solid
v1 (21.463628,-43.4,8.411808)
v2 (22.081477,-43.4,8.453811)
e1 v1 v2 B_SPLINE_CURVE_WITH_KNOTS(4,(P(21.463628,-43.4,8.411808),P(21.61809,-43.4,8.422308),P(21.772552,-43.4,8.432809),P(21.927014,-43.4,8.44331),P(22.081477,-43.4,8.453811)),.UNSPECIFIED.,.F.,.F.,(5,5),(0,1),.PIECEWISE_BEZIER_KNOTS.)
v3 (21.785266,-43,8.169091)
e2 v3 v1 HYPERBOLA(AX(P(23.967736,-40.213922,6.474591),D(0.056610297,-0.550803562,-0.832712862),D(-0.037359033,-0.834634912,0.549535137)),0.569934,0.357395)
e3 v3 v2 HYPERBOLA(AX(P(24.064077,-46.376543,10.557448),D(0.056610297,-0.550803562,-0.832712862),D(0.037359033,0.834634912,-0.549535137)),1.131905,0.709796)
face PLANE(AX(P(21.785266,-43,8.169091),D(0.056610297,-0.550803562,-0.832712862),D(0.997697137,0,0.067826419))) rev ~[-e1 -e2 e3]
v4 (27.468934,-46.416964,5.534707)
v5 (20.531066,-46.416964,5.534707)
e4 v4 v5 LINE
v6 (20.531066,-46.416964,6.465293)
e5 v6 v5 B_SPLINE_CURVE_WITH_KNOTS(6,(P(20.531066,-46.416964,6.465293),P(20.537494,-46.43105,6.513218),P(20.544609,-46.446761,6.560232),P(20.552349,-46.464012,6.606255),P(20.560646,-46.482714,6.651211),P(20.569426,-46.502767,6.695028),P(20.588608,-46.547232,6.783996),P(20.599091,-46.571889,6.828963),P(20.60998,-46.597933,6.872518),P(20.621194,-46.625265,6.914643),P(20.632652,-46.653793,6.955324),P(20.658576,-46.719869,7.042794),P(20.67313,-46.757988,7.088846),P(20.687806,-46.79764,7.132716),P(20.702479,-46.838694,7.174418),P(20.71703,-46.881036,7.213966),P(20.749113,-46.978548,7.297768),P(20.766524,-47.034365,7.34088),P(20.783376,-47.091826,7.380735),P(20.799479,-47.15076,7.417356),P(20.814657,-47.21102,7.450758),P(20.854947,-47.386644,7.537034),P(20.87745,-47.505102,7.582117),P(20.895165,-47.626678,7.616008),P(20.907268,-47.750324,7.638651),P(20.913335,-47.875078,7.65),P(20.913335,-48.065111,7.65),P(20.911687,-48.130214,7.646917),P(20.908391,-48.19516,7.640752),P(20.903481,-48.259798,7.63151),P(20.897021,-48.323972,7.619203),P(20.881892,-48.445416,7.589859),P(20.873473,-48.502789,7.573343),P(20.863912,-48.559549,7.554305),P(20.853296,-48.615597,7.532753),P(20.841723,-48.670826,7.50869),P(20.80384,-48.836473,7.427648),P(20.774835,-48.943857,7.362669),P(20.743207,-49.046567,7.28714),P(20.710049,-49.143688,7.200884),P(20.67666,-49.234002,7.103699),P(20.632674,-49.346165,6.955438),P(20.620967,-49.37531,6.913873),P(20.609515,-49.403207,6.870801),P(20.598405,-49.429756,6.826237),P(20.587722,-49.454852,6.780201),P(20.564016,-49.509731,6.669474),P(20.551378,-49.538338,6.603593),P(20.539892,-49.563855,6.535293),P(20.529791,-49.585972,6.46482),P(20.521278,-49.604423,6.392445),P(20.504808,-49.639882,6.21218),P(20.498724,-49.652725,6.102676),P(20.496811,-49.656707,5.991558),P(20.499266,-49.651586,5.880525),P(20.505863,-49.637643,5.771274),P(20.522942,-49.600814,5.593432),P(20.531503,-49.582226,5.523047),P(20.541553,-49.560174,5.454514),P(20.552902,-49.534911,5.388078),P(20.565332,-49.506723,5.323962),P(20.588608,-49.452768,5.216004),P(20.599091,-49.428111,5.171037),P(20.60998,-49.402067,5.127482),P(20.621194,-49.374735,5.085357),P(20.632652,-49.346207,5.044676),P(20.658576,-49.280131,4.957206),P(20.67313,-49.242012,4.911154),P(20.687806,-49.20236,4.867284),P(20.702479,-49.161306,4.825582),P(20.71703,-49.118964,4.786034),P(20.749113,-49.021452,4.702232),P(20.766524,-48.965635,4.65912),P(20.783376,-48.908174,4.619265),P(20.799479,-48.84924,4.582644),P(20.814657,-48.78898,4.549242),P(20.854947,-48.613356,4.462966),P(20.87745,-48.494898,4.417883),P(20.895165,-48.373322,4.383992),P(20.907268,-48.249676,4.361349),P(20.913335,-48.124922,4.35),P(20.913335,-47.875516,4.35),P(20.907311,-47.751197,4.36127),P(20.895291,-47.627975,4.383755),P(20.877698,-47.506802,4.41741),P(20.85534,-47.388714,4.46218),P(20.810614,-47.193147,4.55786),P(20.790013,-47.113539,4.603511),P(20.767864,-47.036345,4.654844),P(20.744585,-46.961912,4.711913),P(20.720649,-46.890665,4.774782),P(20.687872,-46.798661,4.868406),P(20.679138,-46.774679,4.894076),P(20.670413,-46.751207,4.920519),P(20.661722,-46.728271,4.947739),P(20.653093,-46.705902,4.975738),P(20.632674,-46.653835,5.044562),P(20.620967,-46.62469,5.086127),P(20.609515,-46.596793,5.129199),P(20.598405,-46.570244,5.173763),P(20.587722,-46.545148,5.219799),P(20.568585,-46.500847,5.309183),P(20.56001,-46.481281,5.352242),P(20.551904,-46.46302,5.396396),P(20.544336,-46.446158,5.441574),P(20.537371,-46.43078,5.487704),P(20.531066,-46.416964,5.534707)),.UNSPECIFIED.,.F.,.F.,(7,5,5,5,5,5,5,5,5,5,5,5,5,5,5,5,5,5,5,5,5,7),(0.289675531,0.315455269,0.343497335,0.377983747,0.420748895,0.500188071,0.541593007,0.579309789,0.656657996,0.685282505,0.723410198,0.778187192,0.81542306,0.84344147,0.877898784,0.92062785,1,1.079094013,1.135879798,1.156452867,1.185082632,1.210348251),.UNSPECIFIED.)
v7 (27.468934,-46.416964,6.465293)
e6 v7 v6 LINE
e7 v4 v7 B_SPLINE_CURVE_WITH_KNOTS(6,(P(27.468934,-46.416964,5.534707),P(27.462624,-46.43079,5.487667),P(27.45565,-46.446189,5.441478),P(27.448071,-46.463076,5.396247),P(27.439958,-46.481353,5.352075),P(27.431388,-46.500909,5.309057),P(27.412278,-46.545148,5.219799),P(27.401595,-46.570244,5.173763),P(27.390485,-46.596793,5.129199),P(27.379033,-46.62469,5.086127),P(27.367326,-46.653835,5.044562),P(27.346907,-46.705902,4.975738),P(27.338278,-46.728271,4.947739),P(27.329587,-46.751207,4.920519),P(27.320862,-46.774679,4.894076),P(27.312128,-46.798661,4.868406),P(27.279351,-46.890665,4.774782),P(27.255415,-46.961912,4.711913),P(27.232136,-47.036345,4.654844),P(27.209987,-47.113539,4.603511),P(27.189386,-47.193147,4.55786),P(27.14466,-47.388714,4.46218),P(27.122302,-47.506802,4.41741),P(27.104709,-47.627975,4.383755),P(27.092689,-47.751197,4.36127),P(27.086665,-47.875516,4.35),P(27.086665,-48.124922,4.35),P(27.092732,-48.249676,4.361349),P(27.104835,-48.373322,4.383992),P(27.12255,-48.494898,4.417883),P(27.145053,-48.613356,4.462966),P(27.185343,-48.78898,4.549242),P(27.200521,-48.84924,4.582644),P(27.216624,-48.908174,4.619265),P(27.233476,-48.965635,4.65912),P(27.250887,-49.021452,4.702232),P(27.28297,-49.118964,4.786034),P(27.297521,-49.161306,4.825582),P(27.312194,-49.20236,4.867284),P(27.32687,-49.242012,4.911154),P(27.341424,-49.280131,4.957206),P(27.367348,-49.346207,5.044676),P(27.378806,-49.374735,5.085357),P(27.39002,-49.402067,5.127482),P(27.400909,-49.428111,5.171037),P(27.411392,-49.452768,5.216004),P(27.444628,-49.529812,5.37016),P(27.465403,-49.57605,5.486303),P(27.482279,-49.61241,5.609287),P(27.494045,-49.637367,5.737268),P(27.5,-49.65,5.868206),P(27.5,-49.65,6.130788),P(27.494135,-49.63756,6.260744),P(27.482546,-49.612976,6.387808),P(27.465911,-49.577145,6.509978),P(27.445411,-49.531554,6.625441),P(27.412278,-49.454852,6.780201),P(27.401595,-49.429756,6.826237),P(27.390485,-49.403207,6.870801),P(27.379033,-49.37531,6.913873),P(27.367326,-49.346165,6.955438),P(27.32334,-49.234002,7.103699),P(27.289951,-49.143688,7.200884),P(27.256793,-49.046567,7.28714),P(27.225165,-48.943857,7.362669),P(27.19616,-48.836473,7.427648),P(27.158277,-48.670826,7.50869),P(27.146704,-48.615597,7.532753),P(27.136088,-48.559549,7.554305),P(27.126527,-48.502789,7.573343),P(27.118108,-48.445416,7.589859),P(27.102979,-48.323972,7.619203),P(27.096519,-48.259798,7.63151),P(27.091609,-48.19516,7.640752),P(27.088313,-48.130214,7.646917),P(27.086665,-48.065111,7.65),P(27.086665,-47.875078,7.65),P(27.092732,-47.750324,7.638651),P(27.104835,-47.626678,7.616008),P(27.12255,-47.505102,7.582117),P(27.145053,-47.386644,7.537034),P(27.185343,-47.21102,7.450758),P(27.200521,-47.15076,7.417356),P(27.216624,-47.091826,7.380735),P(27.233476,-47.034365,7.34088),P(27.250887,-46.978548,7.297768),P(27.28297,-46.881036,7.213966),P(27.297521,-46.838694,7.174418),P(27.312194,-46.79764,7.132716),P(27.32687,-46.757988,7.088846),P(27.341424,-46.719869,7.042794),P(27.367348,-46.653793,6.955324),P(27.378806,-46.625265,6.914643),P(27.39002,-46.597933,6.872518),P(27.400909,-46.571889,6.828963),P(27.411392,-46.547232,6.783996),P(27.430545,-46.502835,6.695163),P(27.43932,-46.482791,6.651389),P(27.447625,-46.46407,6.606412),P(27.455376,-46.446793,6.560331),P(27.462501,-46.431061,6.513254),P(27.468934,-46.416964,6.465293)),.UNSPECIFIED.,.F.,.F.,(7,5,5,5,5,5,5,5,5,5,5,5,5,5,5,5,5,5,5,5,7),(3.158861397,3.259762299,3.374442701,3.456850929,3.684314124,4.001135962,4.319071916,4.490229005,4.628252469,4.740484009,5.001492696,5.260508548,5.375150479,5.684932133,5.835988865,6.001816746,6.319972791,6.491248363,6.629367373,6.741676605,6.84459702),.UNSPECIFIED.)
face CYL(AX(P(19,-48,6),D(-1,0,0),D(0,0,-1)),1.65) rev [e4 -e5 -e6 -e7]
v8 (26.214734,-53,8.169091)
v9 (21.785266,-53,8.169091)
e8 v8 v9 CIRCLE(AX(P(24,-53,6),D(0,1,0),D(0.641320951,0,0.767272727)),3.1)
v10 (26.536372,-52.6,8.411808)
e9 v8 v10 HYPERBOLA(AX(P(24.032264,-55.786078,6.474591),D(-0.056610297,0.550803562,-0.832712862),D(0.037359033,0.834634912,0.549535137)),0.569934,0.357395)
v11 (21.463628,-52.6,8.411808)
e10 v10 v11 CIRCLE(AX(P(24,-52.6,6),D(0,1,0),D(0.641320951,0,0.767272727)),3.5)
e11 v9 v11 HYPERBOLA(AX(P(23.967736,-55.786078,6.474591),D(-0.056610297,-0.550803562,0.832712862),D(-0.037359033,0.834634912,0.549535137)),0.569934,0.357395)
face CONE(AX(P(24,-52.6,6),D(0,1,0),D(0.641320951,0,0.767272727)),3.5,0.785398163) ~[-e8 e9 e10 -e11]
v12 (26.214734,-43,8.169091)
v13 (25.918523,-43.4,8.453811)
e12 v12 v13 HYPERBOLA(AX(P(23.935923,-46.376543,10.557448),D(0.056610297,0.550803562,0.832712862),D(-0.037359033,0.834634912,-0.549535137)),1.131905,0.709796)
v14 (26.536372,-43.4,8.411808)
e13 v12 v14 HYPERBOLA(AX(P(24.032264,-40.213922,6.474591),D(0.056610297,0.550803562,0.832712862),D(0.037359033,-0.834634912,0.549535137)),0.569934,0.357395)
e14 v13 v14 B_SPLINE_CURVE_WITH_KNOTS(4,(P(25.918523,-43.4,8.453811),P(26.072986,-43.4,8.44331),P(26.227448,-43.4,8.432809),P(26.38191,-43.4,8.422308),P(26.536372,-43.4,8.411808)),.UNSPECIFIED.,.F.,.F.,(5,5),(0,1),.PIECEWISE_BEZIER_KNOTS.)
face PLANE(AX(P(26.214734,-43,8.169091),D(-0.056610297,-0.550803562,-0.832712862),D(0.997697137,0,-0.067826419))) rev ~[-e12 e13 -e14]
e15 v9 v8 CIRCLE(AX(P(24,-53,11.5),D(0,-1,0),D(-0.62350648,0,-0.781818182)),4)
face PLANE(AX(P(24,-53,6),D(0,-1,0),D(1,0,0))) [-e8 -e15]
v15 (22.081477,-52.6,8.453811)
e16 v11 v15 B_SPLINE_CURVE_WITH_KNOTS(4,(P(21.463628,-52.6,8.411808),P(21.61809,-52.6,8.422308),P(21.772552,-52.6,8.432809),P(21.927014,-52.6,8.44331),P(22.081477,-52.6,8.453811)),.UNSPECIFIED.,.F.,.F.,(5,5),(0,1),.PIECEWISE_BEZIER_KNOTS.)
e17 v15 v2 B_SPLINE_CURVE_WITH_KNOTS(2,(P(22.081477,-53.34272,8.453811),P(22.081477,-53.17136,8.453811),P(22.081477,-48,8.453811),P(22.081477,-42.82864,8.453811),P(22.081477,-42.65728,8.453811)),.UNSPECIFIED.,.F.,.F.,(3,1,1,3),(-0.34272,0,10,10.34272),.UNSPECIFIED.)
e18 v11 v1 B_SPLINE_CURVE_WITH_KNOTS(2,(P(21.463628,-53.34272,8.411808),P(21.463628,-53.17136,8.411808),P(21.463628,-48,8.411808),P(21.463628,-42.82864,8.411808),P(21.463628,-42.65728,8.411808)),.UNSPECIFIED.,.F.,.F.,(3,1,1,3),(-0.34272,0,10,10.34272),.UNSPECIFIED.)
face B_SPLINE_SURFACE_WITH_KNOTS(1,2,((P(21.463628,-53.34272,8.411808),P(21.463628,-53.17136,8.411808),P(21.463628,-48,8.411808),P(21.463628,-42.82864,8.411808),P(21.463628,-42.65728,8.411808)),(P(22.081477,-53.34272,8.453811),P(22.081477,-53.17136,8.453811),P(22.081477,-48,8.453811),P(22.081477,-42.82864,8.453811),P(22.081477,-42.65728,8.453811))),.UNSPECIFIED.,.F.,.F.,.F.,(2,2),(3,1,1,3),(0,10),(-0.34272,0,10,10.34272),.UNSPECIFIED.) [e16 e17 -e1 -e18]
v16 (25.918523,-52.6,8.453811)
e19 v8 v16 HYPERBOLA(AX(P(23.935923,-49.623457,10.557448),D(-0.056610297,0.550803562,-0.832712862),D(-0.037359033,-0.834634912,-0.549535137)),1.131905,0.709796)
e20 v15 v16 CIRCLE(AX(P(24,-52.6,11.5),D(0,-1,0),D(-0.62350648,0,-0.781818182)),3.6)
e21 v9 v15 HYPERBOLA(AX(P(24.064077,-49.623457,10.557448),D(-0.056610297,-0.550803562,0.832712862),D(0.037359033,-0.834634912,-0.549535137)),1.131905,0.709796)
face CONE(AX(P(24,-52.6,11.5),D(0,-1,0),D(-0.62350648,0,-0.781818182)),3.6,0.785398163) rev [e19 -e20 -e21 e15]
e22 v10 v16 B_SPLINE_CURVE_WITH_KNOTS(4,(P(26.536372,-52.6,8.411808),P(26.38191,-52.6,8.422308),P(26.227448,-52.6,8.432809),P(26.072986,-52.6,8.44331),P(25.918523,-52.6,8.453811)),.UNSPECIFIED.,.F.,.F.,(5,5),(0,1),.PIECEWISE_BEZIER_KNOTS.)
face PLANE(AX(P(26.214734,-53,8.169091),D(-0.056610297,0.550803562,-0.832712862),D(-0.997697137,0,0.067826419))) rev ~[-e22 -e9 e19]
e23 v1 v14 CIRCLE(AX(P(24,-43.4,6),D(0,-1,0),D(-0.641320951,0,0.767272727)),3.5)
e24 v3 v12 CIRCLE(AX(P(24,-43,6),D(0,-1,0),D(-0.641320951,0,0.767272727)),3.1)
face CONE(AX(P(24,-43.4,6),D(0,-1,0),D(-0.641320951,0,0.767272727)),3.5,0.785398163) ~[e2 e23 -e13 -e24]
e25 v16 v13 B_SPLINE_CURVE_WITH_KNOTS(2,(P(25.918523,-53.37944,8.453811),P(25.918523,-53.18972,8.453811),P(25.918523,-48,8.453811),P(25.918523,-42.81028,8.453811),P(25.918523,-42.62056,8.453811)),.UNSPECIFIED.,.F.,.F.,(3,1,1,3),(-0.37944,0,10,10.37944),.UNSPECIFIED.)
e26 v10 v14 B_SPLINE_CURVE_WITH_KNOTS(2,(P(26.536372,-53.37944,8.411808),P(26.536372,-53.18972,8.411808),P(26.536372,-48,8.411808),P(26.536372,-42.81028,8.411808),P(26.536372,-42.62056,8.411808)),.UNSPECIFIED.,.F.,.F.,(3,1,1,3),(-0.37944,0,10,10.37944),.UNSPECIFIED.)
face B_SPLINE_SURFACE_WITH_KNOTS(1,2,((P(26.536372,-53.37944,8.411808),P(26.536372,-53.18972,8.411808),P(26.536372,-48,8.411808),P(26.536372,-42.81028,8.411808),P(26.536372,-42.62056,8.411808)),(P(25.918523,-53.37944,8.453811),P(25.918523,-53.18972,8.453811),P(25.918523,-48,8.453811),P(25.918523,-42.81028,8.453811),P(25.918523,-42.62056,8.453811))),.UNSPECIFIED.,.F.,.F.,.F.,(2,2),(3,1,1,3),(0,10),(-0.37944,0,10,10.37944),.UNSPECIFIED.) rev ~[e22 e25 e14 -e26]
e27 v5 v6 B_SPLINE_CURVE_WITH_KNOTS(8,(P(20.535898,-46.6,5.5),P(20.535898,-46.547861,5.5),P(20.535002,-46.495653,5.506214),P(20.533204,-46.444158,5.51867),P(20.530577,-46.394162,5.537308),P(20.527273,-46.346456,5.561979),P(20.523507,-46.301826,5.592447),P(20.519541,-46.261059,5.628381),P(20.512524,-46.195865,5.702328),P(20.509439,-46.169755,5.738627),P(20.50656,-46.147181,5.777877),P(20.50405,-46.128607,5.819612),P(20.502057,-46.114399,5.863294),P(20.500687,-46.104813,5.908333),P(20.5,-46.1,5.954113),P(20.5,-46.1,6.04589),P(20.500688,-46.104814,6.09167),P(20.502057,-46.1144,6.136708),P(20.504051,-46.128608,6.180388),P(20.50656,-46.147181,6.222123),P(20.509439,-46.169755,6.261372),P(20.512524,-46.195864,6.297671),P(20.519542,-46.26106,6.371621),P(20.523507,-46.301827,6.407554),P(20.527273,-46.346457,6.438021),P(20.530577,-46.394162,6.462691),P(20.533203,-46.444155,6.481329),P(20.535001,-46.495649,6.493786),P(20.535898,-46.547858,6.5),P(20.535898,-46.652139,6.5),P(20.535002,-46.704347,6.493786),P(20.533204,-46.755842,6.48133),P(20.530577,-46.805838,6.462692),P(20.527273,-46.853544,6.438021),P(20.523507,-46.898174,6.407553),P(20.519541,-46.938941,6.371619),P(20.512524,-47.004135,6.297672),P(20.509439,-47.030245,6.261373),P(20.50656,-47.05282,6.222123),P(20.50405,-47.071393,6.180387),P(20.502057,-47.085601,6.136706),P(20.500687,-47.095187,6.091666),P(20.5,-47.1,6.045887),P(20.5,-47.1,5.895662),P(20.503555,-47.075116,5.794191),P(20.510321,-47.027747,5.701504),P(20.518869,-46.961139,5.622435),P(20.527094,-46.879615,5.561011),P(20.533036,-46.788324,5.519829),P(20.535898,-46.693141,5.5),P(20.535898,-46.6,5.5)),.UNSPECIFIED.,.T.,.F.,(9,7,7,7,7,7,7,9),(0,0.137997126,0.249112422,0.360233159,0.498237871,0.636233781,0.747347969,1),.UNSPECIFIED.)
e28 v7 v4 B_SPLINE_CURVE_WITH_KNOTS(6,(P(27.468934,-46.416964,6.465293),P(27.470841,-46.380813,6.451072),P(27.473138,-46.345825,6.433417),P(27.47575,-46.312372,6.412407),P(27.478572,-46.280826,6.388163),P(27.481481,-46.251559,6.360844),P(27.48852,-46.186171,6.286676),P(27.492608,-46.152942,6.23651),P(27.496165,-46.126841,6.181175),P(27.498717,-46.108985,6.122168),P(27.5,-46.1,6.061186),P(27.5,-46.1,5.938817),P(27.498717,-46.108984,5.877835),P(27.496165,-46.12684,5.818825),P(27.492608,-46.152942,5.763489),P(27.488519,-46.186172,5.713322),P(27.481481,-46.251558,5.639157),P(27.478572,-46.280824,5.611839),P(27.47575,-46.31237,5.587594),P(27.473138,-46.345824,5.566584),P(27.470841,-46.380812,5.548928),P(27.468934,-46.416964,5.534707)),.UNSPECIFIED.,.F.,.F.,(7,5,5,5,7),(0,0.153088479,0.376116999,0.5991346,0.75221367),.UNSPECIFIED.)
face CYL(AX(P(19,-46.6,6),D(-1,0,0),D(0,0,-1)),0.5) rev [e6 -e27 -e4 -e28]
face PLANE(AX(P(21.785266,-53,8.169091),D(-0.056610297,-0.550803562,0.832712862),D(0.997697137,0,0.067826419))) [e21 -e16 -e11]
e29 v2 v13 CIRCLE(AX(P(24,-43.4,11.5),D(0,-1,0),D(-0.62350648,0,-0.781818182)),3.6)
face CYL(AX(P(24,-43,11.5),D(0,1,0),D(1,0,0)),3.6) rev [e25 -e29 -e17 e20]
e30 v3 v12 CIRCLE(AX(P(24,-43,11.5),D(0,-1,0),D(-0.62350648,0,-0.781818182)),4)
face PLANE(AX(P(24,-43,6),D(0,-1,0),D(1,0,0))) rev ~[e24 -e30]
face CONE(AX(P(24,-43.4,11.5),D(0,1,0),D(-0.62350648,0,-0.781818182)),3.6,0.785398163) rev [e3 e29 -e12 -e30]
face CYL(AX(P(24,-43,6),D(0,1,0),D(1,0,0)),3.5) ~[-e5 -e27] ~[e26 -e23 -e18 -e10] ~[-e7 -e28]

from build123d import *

# Parameters (mm, degrees)
CYLINDER018_R      = 0.5
CYLINDER018_DEPTH  = 10
CYLINDER017_R      = 1.65
CYLINDER017_DEPTH  = 10
CYLINDER016_R      = 3.6
CYLINDER016_DEPTH  = 10
CYLINDER015_R      = 3.5
CYLINDER015_DEPTH  = 10
CHAMFER002007_SIZE = 0.4


with BuildPart() as cylinder011:
    # Cylinder018 → Cylinder018 (new body)
    with BuildSketch(Plane(origin=(19, -46.6, 6), x_dir=(0, 0, -1), z_dir=(1, 0, 0))):
        Circle(CYLINDER018_R)
    extrude(amount=CYLINDER018_DEPTH)


with BuildPart() as cylinder010:
    # Cylinder017 → Cylinder017 (new body)
    with BuildSketch(Plane(origin=(19, -48, 6), x_dir=(0, 0, -1), z_dir=(1, 0, 0))):
        Circle(CYLINDER017_R)
    extrude(amount=CYLINDER017_DEPTH)


with BuildPart() as cylinder009:
    # Cylinder016 → Cylinder016 (new body)
    with BuildSketch(Plane(origin=(24, -43, 11.5), x_dir=(1, 0, 0), z_dir=(0, -1, 0))):
        Circle(CYLINDER016_R)
    extrude(amount=CYLINDER016_DEPTH)


with BuildPart() as brope_spacer:
    # Cylinder015 → Cylinder015 (new body)
    with BuildSketch(Plane(origin=(24, -43, 6), x_dir=(1, 0, 0), z_dir=(0, -1, 0))):
        Circle(CYLINDER015_R)
    extrude(amount=CYLINDER015_DEPTH)

    # Cut001012003011002008006006009003002: cut Cylinder009
    add(cylinder009.part, mode=Mode.SUBTRACT)

    # Cut001012003011002008006006009003003: cut Cylinder010
    add(cylinder010.part, mode=Mode.SUBTRACT)

    # Cut001012003011002008006006009003004: cut Cylinder011
    add(cylinder011.part, mode=Mode.SUBTRACT)

    # Chamfer002007
    chamfer002007_edges = [brope_spacer.edges().sort_by_distance(p)[0] for p in [
        (21.755377, -48, 8.685455),
        (22.517803, -53, 2.829339),
        (22.517803, -43, 2.829339),
        (24, -53, 7.9),
        (26.244623, -48, 8.685455),
        (24, -43, 7.9),
        (27.170661, -53, 7.482197),
        (27.170661, -43, 7.482197),
    ]]
    chamfer(chamfer002007_edges, length=CHAMFER002007_SIZE)


solid = brope_spacer.part
